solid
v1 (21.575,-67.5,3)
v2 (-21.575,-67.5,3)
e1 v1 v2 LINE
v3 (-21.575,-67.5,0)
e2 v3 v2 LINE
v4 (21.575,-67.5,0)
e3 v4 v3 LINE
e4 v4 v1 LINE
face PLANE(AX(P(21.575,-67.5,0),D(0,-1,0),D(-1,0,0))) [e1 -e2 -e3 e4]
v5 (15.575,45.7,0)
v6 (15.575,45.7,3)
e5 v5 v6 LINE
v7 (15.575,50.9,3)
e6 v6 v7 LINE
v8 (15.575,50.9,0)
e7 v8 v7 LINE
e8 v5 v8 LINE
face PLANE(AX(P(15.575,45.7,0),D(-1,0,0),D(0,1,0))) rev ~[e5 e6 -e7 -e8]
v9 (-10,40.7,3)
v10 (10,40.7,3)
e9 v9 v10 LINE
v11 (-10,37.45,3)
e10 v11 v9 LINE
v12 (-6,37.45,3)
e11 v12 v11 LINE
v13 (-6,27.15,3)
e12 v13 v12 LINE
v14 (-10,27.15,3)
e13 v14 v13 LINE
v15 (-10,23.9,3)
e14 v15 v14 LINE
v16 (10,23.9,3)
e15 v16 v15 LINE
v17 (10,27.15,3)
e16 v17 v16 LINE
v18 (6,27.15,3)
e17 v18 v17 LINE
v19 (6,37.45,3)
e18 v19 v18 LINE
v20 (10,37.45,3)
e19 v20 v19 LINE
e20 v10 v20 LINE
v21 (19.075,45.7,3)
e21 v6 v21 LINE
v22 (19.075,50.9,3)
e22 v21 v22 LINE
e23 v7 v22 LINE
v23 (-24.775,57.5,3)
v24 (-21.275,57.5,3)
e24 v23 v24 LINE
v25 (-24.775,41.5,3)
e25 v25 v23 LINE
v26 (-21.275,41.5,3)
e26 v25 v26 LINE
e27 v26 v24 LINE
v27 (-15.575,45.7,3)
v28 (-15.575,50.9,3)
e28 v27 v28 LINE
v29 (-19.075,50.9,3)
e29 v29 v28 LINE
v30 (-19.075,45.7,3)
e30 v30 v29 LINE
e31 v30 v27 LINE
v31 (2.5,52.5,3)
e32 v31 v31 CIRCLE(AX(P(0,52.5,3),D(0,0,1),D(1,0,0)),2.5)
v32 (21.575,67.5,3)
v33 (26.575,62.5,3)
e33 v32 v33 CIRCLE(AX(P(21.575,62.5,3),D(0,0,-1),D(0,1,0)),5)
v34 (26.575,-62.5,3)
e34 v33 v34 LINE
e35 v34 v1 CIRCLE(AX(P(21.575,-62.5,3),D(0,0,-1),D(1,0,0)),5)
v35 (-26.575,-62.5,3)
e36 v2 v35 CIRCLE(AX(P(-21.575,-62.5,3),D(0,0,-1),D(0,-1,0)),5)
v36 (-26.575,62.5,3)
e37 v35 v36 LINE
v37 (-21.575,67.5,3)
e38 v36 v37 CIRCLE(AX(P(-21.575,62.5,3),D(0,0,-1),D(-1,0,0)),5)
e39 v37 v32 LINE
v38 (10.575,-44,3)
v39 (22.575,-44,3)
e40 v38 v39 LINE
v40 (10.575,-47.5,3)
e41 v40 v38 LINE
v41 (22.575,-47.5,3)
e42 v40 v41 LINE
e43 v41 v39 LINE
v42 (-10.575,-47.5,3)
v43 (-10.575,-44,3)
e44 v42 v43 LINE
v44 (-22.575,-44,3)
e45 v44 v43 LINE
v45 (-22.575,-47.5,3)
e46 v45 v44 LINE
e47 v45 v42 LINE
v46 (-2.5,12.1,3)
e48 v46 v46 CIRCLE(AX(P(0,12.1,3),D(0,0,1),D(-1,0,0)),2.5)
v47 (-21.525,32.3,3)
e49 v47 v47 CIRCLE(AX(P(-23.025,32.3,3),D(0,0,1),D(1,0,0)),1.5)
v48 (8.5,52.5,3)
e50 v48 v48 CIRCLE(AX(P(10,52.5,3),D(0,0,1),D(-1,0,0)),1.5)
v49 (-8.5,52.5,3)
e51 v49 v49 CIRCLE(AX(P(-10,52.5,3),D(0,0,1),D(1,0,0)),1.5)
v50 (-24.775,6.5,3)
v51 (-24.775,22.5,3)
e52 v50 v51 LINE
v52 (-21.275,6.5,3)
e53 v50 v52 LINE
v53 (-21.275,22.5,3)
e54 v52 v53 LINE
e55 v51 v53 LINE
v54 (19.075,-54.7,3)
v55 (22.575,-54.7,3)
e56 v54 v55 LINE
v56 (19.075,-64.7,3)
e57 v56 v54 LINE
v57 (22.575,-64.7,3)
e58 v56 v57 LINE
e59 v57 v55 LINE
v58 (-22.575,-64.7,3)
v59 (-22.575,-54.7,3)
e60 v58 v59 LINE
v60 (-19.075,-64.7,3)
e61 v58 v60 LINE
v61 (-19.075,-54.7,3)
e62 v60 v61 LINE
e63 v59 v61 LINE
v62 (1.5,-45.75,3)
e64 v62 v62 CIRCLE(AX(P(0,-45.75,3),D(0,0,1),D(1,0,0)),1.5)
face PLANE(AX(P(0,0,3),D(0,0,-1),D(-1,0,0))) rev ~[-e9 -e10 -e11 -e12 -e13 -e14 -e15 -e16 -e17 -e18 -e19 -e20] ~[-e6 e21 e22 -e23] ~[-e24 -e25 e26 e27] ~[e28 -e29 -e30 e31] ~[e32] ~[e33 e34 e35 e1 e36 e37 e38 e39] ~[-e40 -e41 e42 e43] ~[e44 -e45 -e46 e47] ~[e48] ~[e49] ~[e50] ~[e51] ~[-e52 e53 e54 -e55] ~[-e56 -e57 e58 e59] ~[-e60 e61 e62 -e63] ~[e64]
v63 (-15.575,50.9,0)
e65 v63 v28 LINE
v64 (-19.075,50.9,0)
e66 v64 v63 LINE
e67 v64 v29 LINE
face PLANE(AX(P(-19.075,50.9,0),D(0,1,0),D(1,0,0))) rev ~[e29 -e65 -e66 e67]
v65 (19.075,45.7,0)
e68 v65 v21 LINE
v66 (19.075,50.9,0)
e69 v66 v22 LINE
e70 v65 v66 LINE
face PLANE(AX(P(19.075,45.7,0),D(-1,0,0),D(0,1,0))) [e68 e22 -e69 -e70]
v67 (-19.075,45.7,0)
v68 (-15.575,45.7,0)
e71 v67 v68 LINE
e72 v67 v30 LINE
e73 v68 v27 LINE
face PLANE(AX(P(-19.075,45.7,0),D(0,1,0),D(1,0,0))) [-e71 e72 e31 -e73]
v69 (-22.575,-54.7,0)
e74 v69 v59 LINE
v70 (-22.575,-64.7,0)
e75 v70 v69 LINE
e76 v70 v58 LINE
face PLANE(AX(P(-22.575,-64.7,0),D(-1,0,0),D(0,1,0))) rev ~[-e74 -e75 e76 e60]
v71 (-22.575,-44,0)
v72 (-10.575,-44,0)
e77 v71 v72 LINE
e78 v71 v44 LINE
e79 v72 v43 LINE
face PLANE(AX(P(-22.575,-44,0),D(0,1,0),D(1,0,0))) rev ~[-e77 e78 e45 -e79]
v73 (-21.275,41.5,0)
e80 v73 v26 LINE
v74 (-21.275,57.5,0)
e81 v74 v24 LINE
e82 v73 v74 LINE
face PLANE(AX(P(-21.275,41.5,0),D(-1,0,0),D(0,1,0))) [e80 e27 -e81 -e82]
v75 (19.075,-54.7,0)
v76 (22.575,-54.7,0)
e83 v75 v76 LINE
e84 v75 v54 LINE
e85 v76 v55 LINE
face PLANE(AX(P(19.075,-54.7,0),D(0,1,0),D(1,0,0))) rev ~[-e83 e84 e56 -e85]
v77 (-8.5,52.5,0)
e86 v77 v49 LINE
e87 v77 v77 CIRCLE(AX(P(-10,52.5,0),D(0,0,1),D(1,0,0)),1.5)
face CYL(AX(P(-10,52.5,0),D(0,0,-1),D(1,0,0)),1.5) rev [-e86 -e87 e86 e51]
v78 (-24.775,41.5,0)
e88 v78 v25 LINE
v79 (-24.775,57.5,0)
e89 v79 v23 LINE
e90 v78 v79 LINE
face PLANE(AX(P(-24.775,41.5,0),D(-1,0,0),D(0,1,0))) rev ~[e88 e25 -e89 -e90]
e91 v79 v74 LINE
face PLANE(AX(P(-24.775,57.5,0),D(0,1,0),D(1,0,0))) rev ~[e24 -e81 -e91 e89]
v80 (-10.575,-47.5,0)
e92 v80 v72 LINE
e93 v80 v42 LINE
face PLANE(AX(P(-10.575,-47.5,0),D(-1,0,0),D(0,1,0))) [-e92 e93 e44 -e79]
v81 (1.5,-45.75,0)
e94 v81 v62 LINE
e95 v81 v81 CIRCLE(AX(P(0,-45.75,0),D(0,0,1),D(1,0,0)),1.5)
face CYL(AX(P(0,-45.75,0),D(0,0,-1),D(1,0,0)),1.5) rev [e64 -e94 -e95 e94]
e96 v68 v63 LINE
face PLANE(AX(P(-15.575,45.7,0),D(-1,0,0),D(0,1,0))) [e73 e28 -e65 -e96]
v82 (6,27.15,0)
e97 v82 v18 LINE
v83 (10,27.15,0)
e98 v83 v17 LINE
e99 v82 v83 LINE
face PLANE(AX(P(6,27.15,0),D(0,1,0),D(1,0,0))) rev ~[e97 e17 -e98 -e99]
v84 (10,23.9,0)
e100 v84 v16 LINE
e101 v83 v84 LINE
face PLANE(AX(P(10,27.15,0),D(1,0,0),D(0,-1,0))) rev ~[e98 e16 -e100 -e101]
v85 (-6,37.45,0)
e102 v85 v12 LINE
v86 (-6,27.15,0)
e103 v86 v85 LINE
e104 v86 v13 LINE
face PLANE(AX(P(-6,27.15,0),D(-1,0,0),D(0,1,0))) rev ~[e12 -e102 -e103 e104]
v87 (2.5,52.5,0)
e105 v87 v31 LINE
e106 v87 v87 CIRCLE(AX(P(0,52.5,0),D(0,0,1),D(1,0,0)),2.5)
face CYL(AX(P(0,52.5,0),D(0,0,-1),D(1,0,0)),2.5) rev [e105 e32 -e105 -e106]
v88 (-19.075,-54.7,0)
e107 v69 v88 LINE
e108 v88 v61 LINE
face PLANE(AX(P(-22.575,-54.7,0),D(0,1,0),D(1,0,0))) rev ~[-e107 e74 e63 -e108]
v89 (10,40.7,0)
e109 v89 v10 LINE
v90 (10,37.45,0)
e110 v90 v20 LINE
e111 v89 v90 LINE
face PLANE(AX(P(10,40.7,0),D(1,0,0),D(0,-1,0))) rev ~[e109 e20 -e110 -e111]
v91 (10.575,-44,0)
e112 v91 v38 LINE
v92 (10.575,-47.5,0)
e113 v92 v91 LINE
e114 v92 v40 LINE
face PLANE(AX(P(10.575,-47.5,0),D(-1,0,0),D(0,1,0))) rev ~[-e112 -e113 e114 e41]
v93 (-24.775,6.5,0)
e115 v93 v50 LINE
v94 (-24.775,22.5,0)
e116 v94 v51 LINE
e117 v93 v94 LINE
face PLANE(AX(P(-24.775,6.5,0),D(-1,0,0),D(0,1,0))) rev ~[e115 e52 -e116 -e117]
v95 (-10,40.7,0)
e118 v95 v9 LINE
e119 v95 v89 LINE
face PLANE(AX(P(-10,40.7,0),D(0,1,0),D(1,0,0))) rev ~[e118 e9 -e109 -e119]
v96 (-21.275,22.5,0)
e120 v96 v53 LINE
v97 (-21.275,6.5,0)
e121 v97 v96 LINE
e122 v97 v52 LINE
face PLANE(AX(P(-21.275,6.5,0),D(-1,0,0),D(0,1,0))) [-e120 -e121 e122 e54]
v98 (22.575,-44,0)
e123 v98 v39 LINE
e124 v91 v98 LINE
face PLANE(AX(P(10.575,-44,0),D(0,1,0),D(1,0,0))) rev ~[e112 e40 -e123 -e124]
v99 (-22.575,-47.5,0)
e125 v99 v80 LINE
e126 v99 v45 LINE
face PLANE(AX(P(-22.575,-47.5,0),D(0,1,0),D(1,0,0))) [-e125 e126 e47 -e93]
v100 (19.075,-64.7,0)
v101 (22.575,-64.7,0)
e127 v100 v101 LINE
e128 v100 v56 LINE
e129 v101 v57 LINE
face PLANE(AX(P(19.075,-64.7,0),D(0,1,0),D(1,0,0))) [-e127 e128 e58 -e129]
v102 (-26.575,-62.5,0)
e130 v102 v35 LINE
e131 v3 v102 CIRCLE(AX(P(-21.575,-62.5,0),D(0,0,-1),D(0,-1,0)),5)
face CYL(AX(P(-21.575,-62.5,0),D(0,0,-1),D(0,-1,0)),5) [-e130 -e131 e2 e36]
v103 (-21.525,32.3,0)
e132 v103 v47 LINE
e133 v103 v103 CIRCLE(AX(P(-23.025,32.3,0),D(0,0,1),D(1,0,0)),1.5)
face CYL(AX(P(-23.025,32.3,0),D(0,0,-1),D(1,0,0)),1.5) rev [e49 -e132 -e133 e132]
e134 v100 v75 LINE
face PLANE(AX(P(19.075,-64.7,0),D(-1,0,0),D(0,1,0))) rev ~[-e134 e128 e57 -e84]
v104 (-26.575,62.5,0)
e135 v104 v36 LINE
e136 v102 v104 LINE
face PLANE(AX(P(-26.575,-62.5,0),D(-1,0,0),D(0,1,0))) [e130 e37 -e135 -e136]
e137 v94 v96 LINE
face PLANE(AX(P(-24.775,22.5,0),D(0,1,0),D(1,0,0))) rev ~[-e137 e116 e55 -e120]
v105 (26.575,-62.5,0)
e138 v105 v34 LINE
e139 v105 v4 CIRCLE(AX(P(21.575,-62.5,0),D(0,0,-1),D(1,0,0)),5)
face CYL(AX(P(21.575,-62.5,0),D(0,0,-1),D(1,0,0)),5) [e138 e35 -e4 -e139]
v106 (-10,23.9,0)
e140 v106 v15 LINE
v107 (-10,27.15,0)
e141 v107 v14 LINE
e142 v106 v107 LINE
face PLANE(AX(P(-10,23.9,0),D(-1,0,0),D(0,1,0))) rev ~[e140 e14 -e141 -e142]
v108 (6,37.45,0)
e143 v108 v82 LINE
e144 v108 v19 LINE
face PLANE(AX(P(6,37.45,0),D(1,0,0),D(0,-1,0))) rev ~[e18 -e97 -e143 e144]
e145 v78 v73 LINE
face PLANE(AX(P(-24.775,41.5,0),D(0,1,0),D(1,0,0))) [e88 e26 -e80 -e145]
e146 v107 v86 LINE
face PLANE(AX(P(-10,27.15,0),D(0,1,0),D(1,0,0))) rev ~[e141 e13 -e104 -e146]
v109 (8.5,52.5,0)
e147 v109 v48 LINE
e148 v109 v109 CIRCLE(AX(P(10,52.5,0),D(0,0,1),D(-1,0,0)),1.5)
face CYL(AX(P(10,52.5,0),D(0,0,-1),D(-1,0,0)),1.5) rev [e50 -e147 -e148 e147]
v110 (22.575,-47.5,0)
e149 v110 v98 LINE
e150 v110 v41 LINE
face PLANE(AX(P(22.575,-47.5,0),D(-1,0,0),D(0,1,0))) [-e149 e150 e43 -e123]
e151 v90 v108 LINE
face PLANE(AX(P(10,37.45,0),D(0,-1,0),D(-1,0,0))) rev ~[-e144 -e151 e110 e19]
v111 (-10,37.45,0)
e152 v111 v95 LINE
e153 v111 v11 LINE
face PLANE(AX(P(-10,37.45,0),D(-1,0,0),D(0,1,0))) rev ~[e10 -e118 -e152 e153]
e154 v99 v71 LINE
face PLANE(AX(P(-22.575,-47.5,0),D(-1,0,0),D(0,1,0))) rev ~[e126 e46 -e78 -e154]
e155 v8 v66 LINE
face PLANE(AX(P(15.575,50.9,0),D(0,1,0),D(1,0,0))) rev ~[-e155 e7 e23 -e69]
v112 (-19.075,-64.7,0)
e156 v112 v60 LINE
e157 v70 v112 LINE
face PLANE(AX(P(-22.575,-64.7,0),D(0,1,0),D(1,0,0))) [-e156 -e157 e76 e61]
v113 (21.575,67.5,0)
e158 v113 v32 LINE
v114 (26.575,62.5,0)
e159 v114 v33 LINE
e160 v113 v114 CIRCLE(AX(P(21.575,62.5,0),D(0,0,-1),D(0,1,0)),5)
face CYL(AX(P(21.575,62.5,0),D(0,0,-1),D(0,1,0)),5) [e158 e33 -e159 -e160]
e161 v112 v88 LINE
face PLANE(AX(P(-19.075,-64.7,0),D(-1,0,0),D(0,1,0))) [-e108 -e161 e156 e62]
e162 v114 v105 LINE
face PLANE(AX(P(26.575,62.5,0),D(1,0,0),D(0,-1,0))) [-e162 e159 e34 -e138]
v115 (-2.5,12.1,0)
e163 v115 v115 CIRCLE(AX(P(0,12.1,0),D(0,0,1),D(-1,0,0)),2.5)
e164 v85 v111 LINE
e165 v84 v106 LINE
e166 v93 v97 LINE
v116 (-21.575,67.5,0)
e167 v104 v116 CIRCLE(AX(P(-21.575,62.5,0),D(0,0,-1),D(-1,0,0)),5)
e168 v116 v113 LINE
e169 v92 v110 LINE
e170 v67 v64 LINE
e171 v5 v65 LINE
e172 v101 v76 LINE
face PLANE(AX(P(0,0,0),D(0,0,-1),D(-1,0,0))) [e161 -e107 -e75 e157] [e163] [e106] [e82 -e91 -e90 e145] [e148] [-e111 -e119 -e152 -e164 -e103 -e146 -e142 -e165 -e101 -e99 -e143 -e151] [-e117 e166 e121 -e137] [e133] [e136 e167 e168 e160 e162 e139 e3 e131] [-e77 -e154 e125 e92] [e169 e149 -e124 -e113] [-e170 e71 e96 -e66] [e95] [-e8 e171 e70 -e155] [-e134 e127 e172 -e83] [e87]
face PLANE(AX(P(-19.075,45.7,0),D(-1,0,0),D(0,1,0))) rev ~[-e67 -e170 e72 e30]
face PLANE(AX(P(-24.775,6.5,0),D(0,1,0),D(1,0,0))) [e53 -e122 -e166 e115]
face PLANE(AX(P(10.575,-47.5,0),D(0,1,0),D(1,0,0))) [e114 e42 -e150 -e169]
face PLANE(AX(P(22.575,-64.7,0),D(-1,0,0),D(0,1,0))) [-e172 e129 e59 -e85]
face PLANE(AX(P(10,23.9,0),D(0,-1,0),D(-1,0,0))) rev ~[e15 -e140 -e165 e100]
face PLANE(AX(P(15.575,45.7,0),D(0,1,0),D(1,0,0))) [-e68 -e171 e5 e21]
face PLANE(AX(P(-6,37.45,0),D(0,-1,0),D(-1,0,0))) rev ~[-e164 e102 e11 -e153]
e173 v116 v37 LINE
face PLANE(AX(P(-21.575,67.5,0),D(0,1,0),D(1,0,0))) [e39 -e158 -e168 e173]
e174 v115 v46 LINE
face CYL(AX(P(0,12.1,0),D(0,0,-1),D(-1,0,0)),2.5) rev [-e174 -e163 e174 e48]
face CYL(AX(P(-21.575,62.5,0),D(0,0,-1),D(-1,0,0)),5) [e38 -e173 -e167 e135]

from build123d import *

# Parameters (mm, degrees)
CROQUIS1_R              = 1.5
CROQUIS1_R_2            = 2.5
CROQUIS1_W              = 12
CROQUIS1_H              = 3.5
CROQUIS1_W_2            = 3.5
CROQUIS1_H_2            = 10
CROQUIS1_H_3            = 16
CROQUIS1_H_4            = 5.2
SALIENTE_EXTRUIR1_DEPTH = 3


with BuildPart() as part:
    # Croquis1 → Saliente-Extruir1 (new body)
    with BuildSketch(Plane.XY):
        with BuildLine():
            Line((21.575, -67.5), (-21.575, -67.5))
            ThreePointArc((-21.575, -67.5), (-25.110533906, -66.035533906), (-26.575, -62.5))
            Line((-26.575, -62.5), (-26.575, 62.5))
            ThreePointArc((-26.575, 62.5), (-25.110533906, 66.035533906), (-21.575, 67.5))
            Line((-21.575, 67.5), (21.575, 67.5))
            ThreePointArc((21.575, 67.5), (25.110533906, 66.035533906), (26.575, 62.5))
            Line((26.575, 62.5), (26.575, -62.5))
            ThreePointArc((26.575, -62.5), (25.110533906, -66.035533906), (21.575, -67.5))
        make_face()
        with Locations((0, -45.75)):
            Circle(CROQUIS1_R, mode=Mode.SUBTRACT)
        with Locations((-23.025, 32.3)):
            Circle(CROQUIS1_R, mode=Mode.SUBTRACT)
        with Locations((0, 52.5)):
            Circle(CROQUIS1_R_2, mode=Mode.SUBTRACT)
        with Locations((-10, 52.5)):
            Circle(CROQUIS1_R, mode=Mode.SUBTRACT)
        with Locations(Location((10, 52.5, 0), (0, 0, 180))):
            Circle(CROQUIS1_R, mode=Mode.SUBTRACT)
        with Locations(Location((0, 12.1, 0), (0, 0, 180))):
            Circle(CROQUIS1_R_2, mode=Mode.SUBTRACT)
        with Locations((-16.575, -45.75)):
            Rectangle(CROQUIS1_W, CROQUIS1_H, mode=Mode.SUBTRACT)
        with Locations((20.825, -59.7)):
            Rectangle(CROQUIS1_W_2, CROQUIS1_H_2, mode=Mode.SUBTRACT)
        with Locations((16.575, -45.75)):
            Rectangle(CROQUIS1_W, CROQUIS1_H, mode=Mode.SUBTRACT)
        with Locations((-20.825, -59.7)):
            Rectangle(CROQUIS1_W_2, CROQUIS1_H_2, mode=Mode.SUBTRACT)
        Polygon((10, 23.9), (-10, 23.9), (-10, 27.15), (-6, 27.15), (-6, 37.45), (-10, 37.45), (-10, 40.7), (10, 40.7), (10, 37.45), (6, 37.45), (6, 27.15), (10, 27.15), align=None, mode=Mode.SUBTRACT)
        with Locations((-23.025, 49.5)):
            Rectangle(CROQUIS1_W_2, CROQUIS1_H_3, mode=Mode.SUBTRACT)
        with Locations((-23.025, 14.5)):
            Rectangle(CROQUIS1_W_2, CROQUIS1_H_3, mode=Mode.SUBTRACT)
        with Locations((17.325, 48.3)):
            Rectangle(CROQUIS1_W_2, CROQUIS1_H_4, mode=Mode.SUBTRACT)
        with Locations((-17.325, 48.3)):
            Rectangle(CROQUIS1_W_2, CROQUIS1_H_4, mode=Mode.SUBTRACT)
    extrude(amount=SALIENTE_EXTRUIR1_DEPTH)


solid = part.part
